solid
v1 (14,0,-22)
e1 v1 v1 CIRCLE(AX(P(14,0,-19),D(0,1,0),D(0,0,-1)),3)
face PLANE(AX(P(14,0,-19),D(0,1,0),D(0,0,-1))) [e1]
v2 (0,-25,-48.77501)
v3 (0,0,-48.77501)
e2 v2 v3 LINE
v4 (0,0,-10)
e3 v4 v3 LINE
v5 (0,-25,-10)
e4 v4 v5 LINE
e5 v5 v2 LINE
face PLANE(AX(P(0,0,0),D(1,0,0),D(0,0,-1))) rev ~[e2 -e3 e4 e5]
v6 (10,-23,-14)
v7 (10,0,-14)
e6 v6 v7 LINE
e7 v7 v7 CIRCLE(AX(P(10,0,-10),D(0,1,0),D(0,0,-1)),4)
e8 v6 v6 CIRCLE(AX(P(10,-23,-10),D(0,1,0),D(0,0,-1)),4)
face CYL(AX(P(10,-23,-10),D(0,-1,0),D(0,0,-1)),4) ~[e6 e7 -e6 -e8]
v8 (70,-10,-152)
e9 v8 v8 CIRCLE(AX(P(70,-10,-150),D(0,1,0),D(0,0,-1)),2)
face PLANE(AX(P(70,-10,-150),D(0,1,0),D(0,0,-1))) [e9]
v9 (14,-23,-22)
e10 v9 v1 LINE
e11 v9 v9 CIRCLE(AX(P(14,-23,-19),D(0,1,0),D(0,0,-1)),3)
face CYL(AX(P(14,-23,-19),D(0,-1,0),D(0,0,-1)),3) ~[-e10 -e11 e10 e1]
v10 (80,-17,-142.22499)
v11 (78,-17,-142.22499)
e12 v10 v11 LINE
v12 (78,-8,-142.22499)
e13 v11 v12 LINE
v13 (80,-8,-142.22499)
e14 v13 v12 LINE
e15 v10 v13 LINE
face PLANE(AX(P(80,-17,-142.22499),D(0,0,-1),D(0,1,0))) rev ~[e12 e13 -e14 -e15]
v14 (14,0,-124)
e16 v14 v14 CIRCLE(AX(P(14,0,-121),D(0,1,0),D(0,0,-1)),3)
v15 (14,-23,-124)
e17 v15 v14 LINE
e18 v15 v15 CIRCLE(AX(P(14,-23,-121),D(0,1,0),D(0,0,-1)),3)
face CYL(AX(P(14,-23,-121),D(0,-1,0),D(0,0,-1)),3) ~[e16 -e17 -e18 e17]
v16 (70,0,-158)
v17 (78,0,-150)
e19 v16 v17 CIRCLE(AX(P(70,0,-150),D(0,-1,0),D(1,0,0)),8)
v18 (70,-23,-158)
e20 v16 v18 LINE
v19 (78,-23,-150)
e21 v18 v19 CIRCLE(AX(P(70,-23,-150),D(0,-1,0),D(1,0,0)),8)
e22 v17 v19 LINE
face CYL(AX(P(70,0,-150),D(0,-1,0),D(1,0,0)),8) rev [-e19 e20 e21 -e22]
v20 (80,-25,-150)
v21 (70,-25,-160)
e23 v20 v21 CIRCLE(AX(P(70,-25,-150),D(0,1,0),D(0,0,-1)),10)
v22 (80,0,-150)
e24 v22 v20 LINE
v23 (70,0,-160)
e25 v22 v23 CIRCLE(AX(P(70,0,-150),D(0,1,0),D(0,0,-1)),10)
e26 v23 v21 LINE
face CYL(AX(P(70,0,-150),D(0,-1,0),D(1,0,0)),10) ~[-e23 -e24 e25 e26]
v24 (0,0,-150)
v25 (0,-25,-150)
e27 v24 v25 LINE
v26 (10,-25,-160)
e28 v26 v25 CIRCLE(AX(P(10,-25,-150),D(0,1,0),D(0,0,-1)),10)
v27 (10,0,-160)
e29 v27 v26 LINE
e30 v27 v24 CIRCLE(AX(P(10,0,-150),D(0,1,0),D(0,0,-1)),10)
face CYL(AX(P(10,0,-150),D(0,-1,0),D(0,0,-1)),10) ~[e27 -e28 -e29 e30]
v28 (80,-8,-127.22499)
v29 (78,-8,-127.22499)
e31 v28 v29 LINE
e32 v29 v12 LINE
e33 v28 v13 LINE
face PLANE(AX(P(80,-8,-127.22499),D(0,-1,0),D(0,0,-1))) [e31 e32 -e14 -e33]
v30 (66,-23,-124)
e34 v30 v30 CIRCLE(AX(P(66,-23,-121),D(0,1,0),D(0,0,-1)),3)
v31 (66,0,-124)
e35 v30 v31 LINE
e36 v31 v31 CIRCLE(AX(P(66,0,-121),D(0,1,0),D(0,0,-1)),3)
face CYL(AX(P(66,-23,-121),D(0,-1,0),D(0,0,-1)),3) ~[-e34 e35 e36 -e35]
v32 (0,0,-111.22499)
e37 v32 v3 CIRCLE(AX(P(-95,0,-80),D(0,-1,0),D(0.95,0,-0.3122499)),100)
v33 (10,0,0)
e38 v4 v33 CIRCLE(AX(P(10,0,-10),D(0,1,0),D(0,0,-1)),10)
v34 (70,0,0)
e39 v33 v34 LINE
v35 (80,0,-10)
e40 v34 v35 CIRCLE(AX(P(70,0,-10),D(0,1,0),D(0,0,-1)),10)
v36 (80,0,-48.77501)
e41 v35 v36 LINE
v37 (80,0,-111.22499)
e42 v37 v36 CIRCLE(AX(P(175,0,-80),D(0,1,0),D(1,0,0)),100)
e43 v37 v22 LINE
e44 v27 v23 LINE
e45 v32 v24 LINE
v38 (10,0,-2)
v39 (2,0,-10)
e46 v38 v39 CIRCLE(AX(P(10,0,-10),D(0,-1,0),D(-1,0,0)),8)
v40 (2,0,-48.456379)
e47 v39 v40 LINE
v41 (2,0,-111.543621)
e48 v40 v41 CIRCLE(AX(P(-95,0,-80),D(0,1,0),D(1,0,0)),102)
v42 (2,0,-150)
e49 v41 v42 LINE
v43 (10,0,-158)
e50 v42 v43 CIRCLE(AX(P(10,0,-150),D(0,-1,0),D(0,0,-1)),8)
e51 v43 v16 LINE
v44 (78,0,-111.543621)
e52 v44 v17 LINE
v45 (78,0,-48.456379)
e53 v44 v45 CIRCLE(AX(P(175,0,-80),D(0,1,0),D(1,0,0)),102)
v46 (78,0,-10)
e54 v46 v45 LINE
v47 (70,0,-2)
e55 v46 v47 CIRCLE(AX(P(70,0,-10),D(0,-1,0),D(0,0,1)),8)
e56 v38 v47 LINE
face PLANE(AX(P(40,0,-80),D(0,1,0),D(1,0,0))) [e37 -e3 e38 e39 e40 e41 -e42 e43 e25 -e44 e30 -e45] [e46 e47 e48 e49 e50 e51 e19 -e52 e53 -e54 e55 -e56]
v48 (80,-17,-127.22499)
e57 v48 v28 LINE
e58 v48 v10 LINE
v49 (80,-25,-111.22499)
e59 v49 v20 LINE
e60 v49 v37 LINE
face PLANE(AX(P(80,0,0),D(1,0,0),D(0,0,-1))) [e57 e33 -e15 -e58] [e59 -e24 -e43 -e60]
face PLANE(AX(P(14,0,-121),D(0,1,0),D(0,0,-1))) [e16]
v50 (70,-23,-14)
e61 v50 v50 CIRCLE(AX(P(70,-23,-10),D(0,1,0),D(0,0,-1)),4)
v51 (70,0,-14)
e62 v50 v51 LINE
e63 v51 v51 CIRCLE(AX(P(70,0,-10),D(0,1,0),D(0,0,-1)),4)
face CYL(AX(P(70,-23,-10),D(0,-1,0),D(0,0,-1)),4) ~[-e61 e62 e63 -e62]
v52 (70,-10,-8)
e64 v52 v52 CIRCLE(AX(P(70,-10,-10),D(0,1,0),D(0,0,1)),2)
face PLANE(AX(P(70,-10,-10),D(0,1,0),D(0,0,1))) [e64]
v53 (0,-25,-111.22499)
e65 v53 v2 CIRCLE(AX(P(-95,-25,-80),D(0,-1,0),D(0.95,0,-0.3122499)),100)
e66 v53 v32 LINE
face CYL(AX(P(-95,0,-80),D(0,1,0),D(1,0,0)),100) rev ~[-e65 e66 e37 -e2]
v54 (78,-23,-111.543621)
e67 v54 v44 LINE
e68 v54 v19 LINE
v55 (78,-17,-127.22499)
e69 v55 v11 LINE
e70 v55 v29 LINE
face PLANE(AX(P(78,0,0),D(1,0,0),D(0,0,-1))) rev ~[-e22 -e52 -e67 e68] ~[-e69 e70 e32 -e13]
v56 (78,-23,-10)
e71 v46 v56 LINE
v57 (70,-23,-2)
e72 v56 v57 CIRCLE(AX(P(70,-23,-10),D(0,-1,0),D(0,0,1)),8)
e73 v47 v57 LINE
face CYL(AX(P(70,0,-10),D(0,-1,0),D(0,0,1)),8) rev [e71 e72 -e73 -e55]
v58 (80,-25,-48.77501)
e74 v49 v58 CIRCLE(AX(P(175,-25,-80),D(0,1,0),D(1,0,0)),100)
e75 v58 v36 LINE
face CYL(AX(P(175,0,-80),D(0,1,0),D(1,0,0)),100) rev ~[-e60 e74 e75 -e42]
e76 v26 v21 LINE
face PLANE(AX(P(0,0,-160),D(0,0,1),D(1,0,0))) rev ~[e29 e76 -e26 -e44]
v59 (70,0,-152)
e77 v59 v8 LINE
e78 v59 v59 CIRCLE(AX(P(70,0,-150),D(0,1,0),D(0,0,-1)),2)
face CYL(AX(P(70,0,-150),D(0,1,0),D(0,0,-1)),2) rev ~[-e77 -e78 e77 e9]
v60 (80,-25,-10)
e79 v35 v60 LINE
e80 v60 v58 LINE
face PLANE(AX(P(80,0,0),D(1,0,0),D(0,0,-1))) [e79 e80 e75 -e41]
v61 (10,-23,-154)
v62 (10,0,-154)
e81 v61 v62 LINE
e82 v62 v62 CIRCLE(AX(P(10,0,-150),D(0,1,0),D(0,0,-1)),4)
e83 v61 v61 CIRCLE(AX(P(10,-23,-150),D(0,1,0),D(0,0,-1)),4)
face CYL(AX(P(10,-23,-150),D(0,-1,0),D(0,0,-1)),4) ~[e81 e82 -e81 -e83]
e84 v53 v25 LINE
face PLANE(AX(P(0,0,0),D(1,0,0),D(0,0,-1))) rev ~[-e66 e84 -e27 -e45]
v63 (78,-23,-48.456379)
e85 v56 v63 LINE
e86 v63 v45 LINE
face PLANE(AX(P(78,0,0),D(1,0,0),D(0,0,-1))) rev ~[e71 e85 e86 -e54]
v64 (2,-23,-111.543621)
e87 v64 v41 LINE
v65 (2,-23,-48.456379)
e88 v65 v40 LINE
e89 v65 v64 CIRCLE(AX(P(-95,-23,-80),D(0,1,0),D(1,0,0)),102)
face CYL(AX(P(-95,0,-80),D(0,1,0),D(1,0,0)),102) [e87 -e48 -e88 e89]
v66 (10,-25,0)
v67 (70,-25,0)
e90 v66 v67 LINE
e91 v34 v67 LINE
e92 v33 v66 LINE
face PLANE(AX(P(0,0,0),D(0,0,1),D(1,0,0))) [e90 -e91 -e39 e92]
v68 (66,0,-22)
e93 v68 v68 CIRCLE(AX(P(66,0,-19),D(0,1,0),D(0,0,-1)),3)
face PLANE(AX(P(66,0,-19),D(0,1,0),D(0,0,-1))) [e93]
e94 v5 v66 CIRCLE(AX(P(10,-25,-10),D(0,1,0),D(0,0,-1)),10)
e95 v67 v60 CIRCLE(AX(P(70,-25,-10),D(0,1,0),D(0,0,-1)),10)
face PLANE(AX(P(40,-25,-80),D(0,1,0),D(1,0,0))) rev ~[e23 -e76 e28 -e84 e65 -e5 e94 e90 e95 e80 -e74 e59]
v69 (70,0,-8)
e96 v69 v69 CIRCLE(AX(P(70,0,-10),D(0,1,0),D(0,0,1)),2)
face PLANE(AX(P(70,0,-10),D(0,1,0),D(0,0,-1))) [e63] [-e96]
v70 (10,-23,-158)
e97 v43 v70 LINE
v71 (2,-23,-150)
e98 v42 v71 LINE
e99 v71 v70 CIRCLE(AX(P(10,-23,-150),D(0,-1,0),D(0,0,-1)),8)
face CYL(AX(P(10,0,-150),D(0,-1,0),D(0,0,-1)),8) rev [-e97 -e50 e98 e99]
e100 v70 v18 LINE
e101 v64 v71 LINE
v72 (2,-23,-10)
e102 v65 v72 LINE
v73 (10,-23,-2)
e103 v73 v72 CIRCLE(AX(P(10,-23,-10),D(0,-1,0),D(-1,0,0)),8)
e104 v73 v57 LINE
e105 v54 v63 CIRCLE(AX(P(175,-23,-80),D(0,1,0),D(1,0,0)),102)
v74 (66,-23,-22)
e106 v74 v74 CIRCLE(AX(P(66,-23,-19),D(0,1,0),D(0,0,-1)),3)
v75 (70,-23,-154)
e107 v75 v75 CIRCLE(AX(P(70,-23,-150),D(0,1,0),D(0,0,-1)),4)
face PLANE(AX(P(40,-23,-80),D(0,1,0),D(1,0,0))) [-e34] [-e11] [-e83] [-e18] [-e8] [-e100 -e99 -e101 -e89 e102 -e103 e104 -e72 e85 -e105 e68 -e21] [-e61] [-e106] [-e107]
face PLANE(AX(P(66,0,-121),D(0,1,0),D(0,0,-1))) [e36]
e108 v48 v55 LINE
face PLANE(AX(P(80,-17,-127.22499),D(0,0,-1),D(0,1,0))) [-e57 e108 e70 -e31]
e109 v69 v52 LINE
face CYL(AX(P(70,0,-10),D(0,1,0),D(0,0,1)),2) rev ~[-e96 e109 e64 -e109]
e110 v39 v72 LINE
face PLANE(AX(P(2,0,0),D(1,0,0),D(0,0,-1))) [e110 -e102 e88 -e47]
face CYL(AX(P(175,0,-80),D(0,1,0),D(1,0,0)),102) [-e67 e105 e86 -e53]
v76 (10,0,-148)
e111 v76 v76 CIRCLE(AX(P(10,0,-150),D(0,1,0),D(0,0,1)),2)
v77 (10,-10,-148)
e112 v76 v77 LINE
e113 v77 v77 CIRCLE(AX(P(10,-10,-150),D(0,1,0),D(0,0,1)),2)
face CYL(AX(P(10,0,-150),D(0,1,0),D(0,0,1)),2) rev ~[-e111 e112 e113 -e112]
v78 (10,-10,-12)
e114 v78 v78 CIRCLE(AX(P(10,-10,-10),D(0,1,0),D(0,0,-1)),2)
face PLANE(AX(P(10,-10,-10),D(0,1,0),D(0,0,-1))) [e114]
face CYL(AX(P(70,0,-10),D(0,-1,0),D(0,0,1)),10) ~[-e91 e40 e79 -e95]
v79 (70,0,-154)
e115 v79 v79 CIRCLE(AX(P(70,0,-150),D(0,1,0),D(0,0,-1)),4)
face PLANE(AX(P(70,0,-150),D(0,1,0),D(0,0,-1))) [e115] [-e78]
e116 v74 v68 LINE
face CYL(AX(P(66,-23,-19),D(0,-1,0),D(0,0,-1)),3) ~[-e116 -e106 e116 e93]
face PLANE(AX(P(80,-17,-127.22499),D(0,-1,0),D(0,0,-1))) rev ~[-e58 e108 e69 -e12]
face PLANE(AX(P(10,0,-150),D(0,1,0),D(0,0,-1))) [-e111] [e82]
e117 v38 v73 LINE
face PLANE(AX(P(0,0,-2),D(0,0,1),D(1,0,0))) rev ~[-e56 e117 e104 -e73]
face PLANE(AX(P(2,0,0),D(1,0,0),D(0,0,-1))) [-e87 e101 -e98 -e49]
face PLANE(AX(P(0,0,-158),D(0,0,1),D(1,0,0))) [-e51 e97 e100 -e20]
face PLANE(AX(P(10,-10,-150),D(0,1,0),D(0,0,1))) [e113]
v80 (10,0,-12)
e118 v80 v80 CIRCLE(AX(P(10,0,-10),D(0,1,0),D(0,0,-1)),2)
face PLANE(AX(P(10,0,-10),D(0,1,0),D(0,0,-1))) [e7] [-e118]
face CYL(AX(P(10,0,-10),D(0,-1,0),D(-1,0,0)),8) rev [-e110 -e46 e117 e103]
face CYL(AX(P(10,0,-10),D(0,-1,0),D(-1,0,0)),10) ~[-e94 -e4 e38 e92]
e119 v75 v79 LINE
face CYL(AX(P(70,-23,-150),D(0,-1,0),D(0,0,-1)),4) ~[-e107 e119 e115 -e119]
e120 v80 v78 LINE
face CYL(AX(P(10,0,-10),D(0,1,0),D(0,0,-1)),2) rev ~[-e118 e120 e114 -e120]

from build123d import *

# Parameters (mm, degrees)
SKETCH1_W           = 80
SKETCH1_H           = 160
BOSS_EXTRUDE1_DEPTH = 25
SKETCH2_R           = 100
CUT_EXTRUDE1_DEPTH  = 181.623918682
FILLET1_R           = 10
SHELL1_T            = -2
SKETCH3_R           = 4
BOSS_EXTRUDE2_DEPTH = 23
SKETCH6_R           = 2
CUT_EXTRUDE2_DEPTH  = 10
SKETCH7_R           = 3
BOSS_EXTRUDE3_DEPTH = 23
SKETCH8_W           = 15
SKETCH8_H           = 9
CUT_EXTRUDE3_DEPTH  = 10


with BuildPart() as part:
    # Sketch1 → Boss-Extrude1 (new body)
    with BuildSketch(Plane(origin=(0, 0, 0), x_dir=(1, 0, 0), z_dir=(0, 1, 0))):
        with Locations((40, 80)):
            Rectangle(SKETCH1_W, SKETCH1_H)
    extrude(amount=-BOSS_EXTRUDE1_DEPTH)

    # Sketch2 → Cut-Extrude1 (cut, through all)
    with BuildSketch(Plane(origin=(0, 0, 0), x_dir=(1, 0, 0), z_dir=(0, 1, 0))):
        with Locations((-95, 80)):
            Circle(SKETCH2_R)
        with Locations((175, 80)):
            Circle(SKETCH2_R)
    extrude(amount=-CUT_EXTRUDE1_DEPTH, mode=Mode.SUBTRACT)

    # Fillet1
    fillet1_edges = [part.edges().sort_by_distance(p)[0] for p in [
        (0, -12.5, -160),
        (80, -12.5, -160),
        (80, -12.5, 0),
        (0, -12.5, 0),
    ]]
    fillet(fillet1_edges, radius=FILLET1_R)

    # Shell1
    shell1_openings = [part.faces().sort_by_distance(p)[0] for p in [
        (40, 0, -80),
    ]]
    offset(amount=SHELL1_T, openings=shell1_openings, kind=Kind.INTERSECTION)

    # Sketch3 → Boss-Extrude2 (add, through all)
    with BuildSketch(Plane(origin=(0, -23, 0), x_dir=(1, 0, 0), z_dir=(0, 1, 0))):
        with Locations(Location((10, 150, 0), (0, 0, 90))):
            Circle(SKETCH3_R)
        with Locations(Location((70, 150, 0), (0, 0, 90))):
            Circle(SKETCH3_R)
        with Locations(Location((70, 10, 0), (0, 0, 90))):
            Circle(SKETCH3_R)
        with Locations(Location((10, 10, 0), (0, 0, 90))):
            Circle(SKETCH3_R)
    extrude(amount=BOSS_EXTRUDE2_DEPTH)

    # Sketch6 → Cut-Extrude2 (cut)
    with BuildSketch(Plane(origin=(0, 0, 0), x_dir=(1, 0, 0), z_dir=(0, 1, 0))):
        with Locations(Location((10, 150, 0), (0, 0, 270))):
            Circle(SKETCH6_R)
        with Locations(Location((70, 150, 0), (0, 0, 90))):
            Circle(SKETCH6_R)
        with Locations(Location((70, 10, 0), (0, 0, 270))):
            Circle(SKETCH6_R)
        with Locations(Location((10, 10, 0), (0, 0, 90))):
            Circle(SKETCH6_R)
    extrude(amount=-CUT_EXTRUDE2_DEPTH, mode=Mode.SUBTRACT)

    # Sketch7 → Boss-Extrude3 (add, through all)
    with BuildSketch(Plane(origin=(0, -23, 0), x_dir=(1, 0, 0), z_dir=(0, 1, 0))):
        with Locations(Location((14, 121, 0), (0, 0, 90))):
            Circle(SKETCH7_R)
        with Locations(Location((66, 121, 0), (0, 0, 90))):
            Circle(SKETCH7_R)
        with Locations(Location((14, 19, 0), (0, 0, 90))):
            Circle(SKETCH7_R)
        with Locations(Location((66, 19, 0), (0, 0, 90))):
            Circle(SKETCH7_R)
    extrude(amount=BOSS_EXTRUDE3_DEPTH)

    # Sketch8 → Cut-Extrude3 (cut)
    with BuildSketch(Plane(origin=(80, 0, 0), x_dir=(0, 0, -1), z_dir=(1, 0, 0))):
        with Locations((134.724989992, -12.5)):
            Rectangle(SKETCH8_W, SKETCH8_H)
    extrude(amount=-CUT_EXTRUDE3_DEPTH, mode=Mode.SUBTRACT)


solid = part.part
